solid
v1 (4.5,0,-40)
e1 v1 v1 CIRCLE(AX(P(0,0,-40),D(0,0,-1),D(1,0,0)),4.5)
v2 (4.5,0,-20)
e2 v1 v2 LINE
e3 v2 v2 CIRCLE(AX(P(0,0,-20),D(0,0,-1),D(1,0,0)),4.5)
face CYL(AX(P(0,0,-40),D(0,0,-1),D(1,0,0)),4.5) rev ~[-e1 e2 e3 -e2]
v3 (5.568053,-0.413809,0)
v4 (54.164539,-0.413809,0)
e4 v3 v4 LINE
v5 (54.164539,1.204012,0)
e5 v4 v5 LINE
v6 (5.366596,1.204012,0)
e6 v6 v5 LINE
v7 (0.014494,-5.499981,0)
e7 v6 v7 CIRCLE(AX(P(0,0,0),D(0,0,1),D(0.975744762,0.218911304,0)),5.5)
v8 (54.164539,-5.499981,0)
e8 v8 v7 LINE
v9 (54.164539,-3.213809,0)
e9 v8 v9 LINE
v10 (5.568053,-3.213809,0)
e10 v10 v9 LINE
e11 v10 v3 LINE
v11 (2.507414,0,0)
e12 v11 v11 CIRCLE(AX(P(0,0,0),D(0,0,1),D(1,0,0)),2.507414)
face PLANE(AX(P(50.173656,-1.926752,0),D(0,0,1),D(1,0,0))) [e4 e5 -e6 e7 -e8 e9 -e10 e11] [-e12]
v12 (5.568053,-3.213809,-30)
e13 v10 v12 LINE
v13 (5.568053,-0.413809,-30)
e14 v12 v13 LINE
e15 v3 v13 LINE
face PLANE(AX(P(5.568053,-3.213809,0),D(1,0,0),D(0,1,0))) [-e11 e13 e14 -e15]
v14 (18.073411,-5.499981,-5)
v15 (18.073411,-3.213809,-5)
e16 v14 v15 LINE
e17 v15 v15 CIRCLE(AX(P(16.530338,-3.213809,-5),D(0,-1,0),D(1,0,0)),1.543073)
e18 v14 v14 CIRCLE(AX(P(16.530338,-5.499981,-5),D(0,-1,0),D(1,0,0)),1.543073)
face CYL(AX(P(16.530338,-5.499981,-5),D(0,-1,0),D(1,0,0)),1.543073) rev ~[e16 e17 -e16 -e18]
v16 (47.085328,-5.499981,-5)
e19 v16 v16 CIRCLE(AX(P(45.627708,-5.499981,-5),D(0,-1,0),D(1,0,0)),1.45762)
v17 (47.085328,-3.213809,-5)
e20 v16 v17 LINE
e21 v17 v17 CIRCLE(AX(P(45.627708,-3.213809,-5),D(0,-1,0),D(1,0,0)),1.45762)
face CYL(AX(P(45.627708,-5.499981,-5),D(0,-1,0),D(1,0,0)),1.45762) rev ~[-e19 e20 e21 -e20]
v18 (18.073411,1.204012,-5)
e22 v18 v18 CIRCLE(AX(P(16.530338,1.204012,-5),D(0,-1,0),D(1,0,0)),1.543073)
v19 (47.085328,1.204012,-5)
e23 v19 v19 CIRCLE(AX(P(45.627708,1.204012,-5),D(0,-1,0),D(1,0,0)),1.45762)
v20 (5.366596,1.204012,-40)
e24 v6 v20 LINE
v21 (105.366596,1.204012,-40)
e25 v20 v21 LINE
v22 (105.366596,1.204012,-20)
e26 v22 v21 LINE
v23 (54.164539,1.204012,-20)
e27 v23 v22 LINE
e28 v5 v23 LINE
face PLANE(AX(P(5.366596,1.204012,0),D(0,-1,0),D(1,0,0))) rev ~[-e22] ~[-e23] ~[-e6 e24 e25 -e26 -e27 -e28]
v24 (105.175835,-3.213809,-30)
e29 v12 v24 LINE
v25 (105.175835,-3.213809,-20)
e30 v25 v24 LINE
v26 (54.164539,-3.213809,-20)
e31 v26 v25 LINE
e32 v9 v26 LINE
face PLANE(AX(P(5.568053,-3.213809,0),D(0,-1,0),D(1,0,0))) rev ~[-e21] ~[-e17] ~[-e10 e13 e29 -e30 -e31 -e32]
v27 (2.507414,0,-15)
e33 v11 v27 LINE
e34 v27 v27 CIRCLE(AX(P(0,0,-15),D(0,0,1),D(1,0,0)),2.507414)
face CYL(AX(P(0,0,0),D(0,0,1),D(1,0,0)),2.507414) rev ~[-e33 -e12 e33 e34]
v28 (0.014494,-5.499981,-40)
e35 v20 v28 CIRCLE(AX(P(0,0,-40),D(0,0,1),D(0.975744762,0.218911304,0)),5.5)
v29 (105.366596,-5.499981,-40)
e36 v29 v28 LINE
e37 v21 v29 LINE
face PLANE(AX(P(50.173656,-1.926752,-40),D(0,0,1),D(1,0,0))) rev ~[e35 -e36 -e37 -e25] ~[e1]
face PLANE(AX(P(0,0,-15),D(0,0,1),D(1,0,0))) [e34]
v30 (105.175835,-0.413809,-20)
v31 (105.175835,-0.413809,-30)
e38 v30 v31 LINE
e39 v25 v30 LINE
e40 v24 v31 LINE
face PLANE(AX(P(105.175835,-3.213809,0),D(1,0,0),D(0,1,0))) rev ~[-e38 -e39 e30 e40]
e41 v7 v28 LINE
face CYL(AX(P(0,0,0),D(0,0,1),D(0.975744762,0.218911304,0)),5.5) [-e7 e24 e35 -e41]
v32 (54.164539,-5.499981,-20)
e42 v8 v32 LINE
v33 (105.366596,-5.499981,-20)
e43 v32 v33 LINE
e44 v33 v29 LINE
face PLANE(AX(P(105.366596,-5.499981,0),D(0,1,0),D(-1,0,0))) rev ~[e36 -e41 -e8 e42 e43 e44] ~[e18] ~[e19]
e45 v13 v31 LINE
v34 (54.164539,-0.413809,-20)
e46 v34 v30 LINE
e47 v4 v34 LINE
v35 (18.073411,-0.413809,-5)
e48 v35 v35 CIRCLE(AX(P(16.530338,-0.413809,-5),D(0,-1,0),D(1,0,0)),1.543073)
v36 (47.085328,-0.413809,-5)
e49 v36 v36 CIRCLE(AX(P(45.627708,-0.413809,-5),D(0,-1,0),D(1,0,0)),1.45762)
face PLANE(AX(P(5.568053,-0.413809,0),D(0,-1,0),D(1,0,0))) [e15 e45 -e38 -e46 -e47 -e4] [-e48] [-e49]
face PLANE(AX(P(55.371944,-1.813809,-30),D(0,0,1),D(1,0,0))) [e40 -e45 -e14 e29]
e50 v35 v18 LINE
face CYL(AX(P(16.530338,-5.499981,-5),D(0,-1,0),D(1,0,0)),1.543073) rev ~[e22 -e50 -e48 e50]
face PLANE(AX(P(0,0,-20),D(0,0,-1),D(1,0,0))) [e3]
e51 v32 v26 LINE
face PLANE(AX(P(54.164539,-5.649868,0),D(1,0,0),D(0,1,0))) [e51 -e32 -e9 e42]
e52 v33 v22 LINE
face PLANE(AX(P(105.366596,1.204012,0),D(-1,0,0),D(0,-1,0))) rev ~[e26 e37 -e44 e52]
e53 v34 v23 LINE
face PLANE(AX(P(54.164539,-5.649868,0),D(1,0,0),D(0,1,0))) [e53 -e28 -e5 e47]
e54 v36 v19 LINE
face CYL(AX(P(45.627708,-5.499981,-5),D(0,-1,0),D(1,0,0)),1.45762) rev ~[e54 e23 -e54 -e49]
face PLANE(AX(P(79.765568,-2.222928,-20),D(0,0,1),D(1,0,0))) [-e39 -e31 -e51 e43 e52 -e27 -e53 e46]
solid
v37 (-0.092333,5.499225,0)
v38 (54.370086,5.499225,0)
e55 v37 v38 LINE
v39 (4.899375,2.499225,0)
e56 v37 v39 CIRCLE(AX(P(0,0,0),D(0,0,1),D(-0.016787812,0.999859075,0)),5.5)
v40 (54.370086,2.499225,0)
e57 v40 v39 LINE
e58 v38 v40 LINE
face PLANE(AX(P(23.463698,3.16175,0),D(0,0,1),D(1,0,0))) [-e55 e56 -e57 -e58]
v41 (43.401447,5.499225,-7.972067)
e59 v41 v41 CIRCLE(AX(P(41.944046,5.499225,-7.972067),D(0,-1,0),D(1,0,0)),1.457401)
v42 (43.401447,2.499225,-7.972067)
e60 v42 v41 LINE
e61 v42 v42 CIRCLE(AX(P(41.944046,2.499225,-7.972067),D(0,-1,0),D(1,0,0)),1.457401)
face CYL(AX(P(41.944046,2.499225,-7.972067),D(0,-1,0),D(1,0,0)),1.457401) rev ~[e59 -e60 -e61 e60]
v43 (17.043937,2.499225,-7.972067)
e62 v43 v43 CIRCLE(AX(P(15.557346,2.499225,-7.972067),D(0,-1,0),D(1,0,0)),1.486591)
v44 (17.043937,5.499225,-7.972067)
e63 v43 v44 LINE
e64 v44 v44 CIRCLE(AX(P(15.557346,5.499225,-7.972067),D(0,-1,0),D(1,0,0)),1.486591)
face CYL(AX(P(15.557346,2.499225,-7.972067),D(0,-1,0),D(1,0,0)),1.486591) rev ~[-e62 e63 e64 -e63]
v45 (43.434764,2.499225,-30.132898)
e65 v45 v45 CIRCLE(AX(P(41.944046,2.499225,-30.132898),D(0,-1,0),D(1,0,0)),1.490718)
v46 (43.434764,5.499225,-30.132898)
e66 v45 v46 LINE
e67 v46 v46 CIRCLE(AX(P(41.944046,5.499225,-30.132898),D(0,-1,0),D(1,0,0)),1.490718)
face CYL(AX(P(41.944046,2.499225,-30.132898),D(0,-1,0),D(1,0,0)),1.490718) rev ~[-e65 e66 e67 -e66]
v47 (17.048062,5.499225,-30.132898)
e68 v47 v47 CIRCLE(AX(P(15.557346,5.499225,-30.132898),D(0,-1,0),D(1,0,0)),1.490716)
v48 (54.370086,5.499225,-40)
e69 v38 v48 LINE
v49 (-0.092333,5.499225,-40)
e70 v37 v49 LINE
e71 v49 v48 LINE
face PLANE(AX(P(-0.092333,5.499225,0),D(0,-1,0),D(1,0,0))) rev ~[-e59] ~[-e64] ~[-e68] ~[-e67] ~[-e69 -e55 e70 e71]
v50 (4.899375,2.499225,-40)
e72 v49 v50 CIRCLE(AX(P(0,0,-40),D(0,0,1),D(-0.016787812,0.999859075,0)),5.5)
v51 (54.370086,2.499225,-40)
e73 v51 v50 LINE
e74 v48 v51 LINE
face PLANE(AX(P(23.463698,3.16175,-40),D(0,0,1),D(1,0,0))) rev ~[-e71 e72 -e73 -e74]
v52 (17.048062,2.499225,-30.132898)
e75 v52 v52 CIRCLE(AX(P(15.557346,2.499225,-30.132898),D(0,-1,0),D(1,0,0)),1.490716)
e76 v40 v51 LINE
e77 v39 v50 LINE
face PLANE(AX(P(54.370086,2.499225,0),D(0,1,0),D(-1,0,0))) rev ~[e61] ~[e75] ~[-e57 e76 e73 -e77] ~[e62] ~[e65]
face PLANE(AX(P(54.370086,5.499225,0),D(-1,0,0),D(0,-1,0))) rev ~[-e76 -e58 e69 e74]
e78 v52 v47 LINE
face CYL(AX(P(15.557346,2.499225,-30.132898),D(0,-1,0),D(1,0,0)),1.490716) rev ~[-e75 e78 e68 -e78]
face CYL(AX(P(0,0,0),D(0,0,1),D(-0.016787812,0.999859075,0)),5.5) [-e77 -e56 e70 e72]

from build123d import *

# Parameters (mm, degrees)
PAD_DEPTH       = 40
SKETCH006_R     = 1.486591
SKETCH006_R_2   = 1.457401
SKETCH006_R_3   = 1.490716
SKETCH006_R_4   = 1.490718
POCKET004_DEPTH = 3.001
PAD001_DEPTH    = 40
SKETCH002_R     = 4.5
POCKET_DEPTH    = 20
SKETCH003_R     = 2.507414
POCKET001_DEPTH = 15
SKETCH004_W     = 51.202057
SKETCH004_H     = 6.85388
POCKET002_DEPTH = 20
SKETCH005_W     = 99.607782
SKETCH005_H     = 2.8
POCKET003_DEPTH = 30
SKETCH007_R     = 1.543073
SKETCH007_R_2   = 1.45762
POCKET005_DEPTH = 11.000981


with BuildPart() as cerniera_fissa_buchi:
    # Sketch → Pad (new body)
    with BuildSketch(Plane.XY):
        with BuildLine():
            ThreePointArc((-0.092333, 5.499225), (-2.833181, -4.714137), (4.899375, 2.499225))
            Line((54.370086, 2.499225), (4.899375, 2.499225))
            Line((54.370086, 5.499225), (54.370086, 2.499225))
            Line((-0.092333, 5.499225), (54.370086, 5.499225))
        make_face()
    extrude(amount=-PAD_DEPTH)

    # Sketch006 → Pocket004 (cut, through all)
    with BuildSketch(Plane.XZ.offset(-2.499225)):
        with Locations((15.557346, -7.972067)):
            Circle(SKETCH006_R)
        with Locations((41.944046, -7.972067)):
            Circle(SKETCH006_R_2)
        with Locations((15.557346, -30.132898)):
            Circle(SKETCH006_R_3)
        with Locations((41.944046, -30.132898)):
            Circle(SKETCH006_R_4)
    extrude(amount=-POCKET004_DEPTH, mode=Mode.SUBTRACT)


with BuildPart() as pocket005:
    # Sketch001 → Pad001 (new body)
    with BuildSketch(Plane.XY):
        with BuildLine():
            ThreePointArc((5.366596, 1.204012), (-4.298245, 3.431485), (0.014494, -5.499981))
            Line((105.366596, -5.499981), (0.014494, -5.499981))
            Line((105.366596, 1.204012), (105.366596, -5.499981))
            Line((5.366596, 1.204012), (105.366596, 1.204012))
        make_face()
    extrude(amount=-PAD001_DEPTH)

    # Sketch002 → Pocket (cut)
    with BuildSketch(Plane(origin=(0, 0, -40), x_dir=(1, 0, 0), z_dir=(0, 0, -1))):
        Circle(SKETCH002_R)
    extrude(amount=-POCKET_DEPTH, mode=Mode.SUBTRACT)

    # Sketch003 → Pocket001 (cut)
    with BuildSketch(Plane.XY):
        Circle(SKETCH003_R)
    extrude(amount=-POCKET001_DEPTH, mode=Mode.SUBTRACT)

    # Sketch004 → Pocket002 (cut)
    with BuildSketch(Plane.XY):
        with Locations((79.765568, -2.222928)):
            Rectangle(SKETCH004_W, SKETCH004_H)
    extrude(amount=-POCKET002_DEPTH, mode=Mode.SUBTRACT)

    # Sketch005 → Pocket003 (cut)
    with BuildSketch(Plane.XY):
        with Locations((55.371944, -1.813809)):
            Rectangle(SKETCH005_W, SKETCH005_H)
    extrude(amount=-POCKET003_DEPTH, mode=Mode.SUBTRACT)

    # Sketch007 → Pocket005 (cut, through all)
    with BuildSketch(Plane.XZ.offset(5.499981)):
        with Locations((88.258736, -5)):
            Circle(SKETCH007_R)
        with Locations((16.530338, -5)):
            Circle(SKETCH007_R)
        with Locations((45.627708, -5)):
            Circle(SKETCH007_R_2)
    extrude(amount=-POCKET005_DEPTH, mode=Mode.SUBTRACT)


solid = Compound([cerniera_fissa_buchi.part, pocket005.part])
